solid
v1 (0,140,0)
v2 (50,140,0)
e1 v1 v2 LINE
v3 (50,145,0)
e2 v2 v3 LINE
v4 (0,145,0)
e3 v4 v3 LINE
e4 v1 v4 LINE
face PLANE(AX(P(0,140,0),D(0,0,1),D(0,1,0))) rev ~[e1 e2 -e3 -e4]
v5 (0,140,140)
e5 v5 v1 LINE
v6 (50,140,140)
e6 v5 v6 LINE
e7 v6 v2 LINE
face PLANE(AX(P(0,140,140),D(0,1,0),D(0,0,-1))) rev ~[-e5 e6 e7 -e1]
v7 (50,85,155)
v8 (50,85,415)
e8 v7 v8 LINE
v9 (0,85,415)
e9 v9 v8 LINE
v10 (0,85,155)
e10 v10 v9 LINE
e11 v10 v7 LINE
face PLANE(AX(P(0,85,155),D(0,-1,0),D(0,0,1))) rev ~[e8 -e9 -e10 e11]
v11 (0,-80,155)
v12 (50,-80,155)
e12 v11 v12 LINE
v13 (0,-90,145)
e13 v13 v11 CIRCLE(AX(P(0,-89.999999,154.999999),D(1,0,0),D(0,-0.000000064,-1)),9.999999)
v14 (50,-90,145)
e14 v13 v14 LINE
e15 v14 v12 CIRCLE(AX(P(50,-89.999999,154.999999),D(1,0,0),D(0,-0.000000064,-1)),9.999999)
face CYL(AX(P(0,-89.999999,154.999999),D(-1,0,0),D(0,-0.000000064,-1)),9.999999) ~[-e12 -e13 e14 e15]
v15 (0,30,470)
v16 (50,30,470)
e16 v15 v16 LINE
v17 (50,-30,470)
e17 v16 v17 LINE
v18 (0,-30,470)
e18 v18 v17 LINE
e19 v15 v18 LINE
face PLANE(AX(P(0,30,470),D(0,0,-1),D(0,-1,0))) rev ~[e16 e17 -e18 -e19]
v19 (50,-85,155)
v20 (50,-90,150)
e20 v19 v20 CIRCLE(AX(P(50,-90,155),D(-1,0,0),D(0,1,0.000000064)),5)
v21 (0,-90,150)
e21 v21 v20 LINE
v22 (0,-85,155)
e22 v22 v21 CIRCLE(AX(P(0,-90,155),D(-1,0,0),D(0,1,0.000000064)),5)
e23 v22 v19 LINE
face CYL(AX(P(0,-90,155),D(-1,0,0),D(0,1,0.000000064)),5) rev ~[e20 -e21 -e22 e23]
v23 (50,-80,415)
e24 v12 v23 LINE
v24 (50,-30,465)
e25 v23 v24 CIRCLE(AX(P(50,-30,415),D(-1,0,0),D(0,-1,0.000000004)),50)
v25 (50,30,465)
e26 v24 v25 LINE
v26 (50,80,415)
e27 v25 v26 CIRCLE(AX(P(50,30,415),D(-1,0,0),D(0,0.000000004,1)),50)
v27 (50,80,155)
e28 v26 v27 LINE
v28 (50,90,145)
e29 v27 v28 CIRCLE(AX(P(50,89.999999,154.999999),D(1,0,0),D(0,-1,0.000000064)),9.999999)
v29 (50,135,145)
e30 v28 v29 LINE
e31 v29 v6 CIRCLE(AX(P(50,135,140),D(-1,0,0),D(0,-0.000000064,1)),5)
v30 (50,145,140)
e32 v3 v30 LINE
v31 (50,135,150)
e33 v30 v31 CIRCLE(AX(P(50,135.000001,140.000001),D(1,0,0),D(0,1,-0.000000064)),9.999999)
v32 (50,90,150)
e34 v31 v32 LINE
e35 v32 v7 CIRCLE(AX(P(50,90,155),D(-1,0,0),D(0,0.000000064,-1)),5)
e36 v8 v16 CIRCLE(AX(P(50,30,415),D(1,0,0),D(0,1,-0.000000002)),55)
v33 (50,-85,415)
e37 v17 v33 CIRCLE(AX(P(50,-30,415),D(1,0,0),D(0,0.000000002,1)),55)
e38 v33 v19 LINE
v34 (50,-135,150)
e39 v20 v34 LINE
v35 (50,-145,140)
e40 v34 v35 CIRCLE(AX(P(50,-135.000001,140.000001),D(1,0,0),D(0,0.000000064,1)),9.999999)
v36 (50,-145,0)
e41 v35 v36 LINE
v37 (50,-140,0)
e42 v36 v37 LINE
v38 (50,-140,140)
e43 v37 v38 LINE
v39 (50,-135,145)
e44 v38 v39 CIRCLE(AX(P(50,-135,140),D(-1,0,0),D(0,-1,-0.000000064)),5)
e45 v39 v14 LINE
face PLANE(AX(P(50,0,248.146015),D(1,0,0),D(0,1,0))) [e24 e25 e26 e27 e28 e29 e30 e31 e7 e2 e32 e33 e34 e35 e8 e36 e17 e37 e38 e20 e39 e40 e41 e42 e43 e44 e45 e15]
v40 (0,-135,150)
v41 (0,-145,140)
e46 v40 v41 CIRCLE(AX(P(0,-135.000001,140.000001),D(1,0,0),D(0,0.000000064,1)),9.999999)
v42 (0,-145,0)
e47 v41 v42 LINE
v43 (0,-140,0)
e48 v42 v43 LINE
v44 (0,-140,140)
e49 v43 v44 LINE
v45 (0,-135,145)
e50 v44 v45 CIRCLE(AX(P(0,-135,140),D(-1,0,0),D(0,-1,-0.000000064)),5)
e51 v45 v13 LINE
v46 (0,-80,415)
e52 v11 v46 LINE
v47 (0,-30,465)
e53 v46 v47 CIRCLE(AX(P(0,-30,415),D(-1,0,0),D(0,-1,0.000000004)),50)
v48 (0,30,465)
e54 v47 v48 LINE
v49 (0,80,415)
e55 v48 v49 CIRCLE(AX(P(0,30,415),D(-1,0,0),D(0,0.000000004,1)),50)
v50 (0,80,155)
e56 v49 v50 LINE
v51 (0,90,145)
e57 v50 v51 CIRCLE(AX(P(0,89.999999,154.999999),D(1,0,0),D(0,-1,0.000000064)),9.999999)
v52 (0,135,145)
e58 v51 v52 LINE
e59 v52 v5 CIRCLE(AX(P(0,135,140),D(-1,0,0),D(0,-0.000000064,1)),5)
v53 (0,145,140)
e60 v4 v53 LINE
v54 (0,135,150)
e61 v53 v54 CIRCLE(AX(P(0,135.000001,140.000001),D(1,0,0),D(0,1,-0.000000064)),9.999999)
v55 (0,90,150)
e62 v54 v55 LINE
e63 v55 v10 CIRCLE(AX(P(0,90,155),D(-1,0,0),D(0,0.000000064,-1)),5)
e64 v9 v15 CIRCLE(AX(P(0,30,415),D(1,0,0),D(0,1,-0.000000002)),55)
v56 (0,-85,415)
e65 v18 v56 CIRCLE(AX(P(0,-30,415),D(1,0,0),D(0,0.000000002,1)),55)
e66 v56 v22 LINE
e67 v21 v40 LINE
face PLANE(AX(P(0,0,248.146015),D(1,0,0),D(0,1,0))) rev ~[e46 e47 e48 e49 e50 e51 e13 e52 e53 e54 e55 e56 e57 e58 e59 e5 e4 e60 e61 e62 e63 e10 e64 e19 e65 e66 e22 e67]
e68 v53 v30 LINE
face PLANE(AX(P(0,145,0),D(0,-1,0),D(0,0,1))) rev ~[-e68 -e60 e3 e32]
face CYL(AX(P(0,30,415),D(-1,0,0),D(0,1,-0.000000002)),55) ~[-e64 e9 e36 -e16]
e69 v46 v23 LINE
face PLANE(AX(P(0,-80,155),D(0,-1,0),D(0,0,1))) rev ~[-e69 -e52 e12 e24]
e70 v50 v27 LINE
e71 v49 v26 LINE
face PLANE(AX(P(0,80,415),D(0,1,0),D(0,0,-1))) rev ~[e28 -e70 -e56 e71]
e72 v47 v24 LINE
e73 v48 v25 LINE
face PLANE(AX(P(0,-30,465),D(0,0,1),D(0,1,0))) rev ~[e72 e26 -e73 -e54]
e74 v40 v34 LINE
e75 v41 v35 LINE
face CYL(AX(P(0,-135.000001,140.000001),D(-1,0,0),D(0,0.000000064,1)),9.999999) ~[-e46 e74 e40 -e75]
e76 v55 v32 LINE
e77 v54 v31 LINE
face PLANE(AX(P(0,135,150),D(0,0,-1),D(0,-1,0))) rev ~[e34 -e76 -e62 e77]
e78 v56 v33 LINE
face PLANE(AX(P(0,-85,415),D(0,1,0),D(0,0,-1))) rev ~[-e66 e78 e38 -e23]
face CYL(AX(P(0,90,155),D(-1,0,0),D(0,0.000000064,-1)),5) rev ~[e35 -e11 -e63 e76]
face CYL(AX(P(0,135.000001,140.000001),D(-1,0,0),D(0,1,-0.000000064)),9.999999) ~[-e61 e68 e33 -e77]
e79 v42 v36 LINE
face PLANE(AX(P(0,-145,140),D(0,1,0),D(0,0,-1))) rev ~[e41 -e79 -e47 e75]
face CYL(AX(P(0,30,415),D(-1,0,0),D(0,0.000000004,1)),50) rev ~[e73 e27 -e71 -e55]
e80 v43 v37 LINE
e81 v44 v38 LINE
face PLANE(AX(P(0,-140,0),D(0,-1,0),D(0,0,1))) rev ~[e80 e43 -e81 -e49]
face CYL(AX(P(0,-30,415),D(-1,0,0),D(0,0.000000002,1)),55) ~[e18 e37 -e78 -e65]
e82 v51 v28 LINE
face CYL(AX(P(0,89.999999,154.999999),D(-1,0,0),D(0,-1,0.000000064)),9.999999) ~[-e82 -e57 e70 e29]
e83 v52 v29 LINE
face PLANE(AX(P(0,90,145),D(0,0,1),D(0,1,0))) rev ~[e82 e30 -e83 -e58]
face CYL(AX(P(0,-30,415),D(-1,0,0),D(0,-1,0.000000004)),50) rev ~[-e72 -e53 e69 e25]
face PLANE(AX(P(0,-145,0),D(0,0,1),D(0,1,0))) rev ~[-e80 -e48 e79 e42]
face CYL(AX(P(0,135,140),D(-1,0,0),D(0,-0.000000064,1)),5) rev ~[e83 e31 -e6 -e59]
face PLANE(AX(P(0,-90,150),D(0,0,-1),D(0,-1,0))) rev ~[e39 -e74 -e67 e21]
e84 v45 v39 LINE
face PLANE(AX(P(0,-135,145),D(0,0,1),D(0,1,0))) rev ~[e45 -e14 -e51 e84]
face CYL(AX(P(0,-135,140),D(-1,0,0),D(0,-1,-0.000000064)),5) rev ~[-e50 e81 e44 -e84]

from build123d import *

# Parameters (mm, degrees)
F1_DEPTH = 50


with BuildPart() as f1:
    # F0 (on Right) → F1 (new body)
    with BuildSketch(Plane.YZ):
        with BuildLine():
            Line((-145, 140), (-145, 0))
            Line((-145, 0), (-140, 0))
            Line((-140, 0), (-140, 140))
            ThreePointArc((-140, 140), (-138.535534, 143.535534), (-135, 145))
            Line((-135, 145), (-90, 145))
            ThreePointArc((-90, 145), (-82.928932, 147.928932), (-80, 155))
            Line((-80, 155), (-80, 415))
            ThreePointArc((-80, 415), (-65.355339, 450.355339), (-30, 465))
            Line((-30, 465), (0, 465))
            Line((0, 465), (30, 465))
            ThreePointArc((30, 465), (65.355339, 450.355339), (80, 415))
            Line((80, 415), (80, 155))
            ThreePointArc((80, 155), (82.928932, 147.928932), (90, 145))
            Line((90, 145), (135, 145))
            ThreePointArc((135, 145), (138.535534, 143.535534), (140, 140))
            Line((140, 140), (140, 0))
            Line((140, 0), (145, 0))
            Line((145, 0), (145, 140))
            ThreePointArc((145, 140), (142.071068, 147.071068), (135, 150))
            Line((135, 150), (90, 150))
            ThreePointArc((90, 150), (86.464466, 151.464466), (85, 155))
            Line((85, 155), (85, 415))
            ThreePointArc((85, 415), (68.890873, 453.890873), (30, 470))
            Line((30, 470), (0, 470))
            Line((0, 470), (-30, 470))
            ThreePointArc((-30, 470), (-68.890873, 453.890873), (-85, 415))
            Line((-85, 415), (-85, 155))
            ThreePointArc((-85, 155), (-86.464466, 151.464466), (-90, 150))
            Line((-90, 150), (-135, 150))
            ThreePointArc((-135, 150), (-142.071068, 147.071068), (-145, 140))
        make_face()
    extrude(amount=F1_DEPTH)


solid = f1.part
